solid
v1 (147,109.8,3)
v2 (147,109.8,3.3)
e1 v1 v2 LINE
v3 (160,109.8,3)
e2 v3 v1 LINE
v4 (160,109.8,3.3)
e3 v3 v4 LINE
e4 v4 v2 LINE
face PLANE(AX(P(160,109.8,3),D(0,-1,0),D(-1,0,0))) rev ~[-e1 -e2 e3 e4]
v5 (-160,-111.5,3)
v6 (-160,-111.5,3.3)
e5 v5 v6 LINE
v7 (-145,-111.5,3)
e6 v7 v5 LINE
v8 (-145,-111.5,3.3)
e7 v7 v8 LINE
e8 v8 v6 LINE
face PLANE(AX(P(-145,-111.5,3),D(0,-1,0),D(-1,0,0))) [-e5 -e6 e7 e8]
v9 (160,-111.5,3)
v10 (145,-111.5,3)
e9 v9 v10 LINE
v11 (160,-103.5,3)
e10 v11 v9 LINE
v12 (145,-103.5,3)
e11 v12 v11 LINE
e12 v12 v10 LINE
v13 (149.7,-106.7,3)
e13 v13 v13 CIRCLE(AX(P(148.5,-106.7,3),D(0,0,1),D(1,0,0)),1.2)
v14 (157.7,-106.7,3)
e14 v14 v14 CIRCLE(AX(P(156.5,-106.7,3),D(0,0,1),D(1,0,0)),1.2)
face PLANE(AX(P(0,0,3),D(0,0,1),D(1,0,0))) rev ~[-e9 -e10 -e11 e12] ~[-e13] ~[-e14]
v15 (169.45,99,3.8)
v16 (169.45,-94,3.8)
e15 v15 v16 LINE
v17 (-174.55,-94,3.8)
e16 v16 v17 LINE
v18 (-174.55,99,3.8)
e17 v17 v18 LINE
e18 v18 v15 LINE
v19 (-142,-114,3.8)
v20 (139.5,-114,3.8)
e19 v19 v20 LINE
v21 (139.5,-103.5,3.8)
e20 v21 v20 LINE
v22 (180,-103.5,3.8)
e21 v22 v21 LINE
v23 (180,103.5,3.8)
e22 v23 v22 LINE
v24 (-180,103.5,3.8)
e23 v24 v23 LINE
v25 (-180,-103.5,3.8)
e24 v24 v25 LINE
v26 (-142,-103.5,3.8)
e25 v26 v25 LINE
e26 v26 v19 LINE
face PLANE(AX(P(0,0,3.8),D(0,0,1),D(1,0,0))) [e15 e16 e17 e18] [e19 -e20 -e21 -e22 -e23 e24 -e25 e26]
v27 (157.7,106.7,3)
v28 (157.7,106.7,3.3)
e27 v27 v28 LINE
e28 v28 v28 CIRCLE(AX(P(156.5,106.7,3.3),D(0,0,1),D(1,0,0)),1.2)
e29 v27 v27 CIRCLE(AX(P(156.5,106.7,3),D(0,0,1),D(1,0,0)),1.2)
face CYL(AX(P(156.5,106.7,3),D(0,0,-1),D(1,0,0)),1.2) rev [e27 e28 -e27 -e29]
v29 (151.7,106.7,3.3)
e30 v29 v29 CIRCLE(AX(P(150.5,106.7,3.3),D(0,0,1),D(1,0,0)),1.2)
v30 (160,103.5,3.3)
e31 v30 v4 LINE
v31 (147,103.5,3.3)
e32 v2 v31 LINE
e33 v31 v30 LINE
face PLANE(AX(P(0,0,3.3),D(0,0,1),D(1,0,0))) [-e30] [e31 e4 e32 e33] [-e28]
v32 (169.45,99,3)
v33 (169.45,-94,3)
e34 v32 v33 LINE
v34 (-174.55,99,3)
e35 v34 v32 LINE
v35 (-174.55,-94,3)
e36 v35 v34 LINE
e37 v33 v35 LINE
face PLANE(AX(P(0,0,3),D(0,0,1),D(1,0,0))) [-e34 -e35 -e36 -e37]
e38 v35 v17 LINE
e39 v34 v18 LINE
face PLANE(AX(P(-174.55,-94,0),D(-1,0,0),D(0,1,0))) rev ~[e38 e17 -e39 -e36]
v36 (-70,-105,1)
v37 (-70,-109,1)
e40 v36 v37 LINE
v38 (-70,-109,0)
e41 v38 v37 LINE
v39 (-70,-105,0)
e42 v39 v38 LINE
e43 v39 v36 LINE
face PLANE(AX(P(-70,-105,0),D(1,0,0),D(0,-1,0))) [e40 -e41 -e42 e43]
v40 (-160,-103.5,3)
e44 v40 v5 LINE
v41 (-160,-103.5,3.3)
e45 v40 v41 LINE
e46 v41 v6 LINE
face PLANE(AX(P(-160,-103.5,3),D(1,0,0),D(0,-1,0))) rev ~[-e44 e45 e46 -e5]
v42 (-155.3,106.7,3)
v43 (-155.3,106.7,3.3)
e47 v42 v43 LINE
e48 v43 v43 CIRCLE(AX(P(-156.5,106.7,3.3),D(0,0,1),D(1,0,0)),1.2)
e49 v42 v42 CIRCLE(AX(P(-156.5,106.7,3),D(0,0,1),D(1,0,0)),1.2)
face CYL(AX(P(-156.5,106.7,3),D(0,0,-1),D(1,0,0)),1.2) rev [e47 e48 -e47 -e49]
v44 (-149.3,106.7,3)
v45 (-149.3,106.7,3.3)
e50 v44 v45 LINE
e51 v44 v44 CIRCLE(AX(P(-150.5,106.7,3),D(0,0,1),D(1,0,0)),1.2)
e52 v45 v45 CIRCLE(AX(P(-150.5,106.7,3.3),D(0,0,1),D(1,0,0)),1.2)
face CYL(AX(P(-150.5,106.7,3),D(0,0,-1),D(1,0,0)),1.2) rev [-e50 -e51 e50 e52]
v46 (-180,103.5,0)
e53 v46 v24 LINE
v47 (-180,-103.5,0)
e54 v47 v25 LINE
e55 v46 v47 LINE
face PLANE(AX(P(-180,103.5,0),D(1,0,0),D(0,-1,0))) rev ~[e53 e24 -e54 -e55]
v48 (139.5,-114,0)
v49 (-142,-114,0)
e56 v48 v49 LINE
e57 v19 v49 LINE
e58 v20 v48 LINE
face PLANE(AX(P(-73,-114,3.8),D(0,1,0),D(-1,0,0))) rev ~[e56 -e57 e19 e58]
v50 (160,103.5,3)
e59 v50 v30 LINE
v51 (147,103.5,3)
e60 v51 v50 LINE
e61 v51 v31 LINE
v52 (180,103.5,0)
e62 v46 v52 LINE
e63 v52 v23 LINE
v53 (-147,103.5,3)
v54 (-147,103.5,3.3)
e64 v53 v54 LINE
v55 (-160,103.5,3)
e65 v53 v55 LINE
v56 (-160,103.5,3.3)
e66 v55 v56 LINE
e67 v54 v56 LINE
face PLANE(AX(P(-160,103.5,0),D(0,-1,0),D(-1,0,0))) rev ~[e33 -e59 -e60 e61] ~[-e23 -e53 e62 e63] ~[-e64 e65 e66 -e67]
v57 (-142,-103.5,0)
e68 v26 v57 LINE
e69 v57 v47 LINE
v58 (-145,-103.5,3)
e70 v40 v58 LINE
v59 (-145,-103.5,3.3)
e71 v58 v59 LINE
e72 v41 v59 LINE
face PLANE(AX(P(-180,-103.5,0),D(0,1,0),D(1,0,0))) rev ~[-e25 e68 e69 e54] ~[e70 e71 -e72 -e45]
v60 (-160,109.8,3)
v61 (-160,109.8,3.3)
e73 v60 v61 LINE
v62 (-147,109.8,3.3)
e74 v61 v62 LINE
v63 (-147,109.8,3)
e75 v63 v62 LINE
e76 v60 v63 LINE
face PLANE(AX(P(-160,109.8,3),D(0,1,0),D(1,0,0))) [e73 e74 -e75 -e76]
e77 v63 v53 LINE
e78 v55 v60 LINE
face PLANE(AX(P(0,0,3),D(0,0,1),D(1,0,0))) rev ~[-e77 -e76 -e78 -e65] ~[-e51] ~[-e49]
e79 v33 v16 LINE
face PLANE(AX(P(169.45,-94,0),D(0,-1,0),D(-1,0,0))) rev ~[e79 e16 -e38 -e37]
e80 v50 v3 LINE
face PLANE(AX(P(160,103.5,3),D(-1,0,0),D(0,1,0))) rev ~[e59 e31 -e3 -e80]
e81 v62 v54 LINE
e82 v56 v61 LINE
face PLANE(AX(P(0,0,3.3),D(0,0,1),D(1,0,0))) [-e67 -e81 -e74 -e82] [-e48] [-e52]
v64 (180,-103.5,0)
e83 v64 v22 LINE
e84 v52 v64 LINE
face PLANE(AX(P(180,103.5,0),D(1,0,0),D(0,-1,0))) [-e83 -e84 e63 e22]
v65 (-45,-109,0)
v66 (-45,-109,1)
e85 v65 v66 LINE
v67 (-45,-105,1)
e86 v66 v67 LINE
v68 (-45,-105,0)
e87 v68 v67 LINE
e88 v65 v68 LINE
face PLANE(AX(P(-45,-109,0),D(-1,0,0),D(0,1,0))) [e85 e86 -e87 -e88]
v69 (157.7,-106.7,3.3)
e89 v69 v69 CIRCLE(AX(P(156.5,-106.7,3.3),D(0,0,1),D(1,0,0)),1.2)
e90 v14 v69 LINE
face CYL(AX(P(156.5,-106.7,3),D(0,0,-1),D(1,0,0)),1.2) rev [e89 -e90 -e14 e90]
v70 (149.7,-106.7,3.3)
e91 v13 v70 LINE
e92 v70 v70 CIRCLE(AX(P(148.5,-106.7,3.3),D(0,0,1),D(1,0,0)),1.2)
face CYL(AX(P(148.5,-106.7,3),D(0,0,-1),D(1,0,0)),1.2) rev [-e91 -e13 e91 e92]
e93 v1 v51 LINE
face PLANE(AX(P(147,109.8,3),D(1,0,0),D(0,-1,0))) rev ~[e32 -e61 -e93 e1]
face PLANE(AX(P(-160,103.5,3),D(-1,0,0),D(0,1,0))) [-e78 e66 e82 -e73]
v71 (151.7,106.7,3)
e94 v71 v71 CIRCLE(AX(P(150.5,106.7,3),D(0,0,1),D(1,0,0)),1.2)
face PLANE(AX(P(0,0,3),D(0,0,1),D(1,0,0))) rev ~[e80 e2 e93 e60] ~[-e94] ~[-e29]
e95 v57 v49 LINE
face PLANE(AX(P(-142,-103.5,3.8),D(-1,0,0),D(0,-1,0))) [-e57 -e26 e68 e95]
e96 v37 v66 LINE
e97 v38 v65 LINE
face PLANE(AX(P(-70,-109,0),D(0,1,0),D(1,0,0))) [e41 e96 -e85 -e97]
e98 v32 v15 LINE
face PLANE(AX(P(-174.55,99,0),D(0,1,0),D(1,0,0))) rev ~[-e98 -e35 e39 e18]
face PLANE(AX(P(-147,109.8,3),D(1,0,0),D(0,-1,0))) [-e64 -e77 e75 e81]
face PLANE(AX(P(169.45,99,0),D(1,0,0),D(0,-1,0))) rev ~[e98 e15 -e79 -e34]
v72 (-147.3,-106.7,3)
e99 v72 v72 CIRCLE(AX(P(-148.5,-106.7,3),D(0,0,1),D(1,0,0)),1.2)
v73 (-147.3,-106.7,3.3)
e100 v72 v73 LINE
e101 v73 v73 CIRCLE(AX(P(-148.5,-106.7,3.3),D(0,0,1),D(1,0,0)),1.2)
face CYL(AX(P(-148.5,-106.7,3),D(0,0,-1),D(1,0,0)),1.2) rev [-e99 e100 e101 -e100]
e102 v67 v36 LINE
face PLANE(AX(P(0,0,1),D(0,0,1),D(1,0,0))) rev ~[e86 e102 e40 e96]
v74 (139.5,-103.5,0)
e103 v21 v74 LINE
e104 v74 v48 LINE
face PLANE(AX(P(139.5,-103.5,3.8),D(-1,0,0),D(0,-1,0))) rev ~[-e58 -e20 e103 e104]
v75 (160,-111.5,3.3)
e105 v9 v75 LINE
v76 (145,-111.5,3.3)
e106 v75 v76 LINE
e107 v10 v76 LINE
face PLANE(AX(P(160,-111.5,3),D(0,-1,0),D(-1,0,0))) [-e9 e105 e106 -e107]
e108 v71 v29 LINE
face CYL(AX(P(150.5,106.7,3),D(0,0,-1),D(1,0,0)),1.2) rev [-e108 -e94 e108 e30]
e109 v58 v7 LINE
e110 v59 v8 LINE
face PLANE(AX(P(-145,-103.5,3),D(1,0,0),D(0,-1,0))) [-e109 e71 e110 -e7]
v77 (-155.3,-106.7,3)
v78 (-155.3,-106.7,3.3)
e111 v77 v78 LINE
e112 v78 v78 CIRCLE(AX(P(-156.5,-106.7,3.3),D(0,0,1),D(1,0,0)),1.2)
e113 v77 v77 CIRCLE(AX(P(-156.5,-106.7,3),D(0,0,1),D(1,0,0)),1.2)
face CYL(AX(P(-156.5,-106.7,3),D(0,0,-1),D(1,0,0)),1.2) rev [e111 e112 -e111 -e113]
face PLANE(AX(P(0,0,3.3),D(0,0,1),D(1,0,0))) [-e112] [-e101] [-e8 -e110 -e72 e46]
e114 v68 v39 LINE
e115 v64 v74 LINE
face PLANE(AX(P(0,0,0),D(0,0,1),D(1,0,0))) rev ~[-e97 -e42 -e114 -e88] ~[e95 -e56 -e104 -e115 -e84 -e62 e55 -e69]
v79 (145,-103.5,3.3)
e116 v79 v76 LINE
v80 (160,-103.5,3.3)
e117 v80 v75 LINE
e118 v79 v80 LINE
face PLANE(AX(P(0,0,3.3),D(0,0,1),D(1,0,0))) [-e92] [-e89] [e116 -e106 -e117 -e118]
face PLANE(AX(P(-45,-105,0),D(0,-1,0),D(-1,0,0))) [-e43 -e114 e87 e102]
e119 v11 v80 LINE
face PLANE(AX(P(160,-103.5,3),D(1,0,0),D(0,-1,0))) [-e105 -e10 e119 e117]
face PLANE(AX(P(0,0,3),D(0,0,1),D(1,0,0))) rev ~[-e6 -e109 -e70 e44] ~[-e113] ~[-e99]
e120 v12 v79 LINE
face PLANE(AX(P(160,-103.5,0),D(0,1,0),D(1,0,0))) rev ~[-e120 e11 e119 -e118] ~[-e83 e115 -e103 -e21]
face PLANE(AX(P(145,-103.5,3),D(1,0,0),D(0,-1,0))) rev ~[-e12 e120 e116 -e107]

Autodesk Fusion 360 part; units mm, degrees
sketch "Panel_Dims" plane through (0, 0, 0) normal (0, 0, 1) x (1, 0, 0)
  line L0 (-180, 103.5) -> (180, 103.5) construction
  line L1 (180, 103.5) -> (180, -103.5) construction
  line L2 (180, -103.5) -> (-180, -103.5) construction
  line L3 (-180, -103.5) -> (-180, 103.5) construction
  line L4 (0, 0) -> (0, 103.5) construction
  line L5 (0, 0) -> (-180, 0) construction
  line L6 (-160, -103.5) -> (-160, -111.5)
  line L7 (-145, -103.5) -> (-145, -111.5)
  line L8 (-145, -111.5) -> (-160, -111.5)
  line L9 (-142, -103.5) -> (-142, -114)
  line L10 (160, -103.5) -> (160, -111.5)
  line L11 (145, -103.5) -> (145, -111.5)
  line L12 (160, -111.5) -> (145, -111.5)
  line L13 (139.5, -103.5) -> (139.5, -114)
  line L14 (139.5, -114) -> (-142, -114)
  line L15 (-160, 103.5) -> (-160, 109.8)
  line L16 (-160, 109.8) -> (-147, 109.8)
  line L17 (-147, 109.8) -> (-147, 103.5)
  line L18 (160, 103.5) -> (160, 109.8)
  line L19 (160, 109.8) -> (147, 109.8)
  line L20 (147, 109.8) -> (147, 103.5)
  line L21 (-180, 103.5) -> (-180, -103.5)
  line L22 (-180, -103.5) -> (-160, -103.5)
  line L23 (-145, -103.5) -> (-142, -103.5)
  line L24 (145, -103.5) -> (139.5, -103.5)
  line L25 (160, -103.5) -> (180, -103.5)
  line L26 (180, 103.5) -> (180, -103.5)
  line L27 (-160, 103.5) -> (-180, 103.5)
  line L28 (-147, 103.5) -> (147, 103.5)
  line L29 (160, 103.5) -> (180, 103.5)
  line L30 (-142, -103.5) -> (139.5, -103.5)
  circle A0 centre (-156.5, -106.7) radius 1.2
  circle A1 centre (-148.5, -106.7) radius 1.2
  line L31 (-156.5, -106.7) -> (-148.5, -106.7) construction
  circle A2 centre (148.5, -106.7) radius 1.2
  line L32 (148.5, -106.7) -> (156.5, -106.7) construction
  circle A3 centre (156.5, -106.7) radius 1.2
  circle A4 centre (-156.5, 106.7) radius 1.2
  line L33 (-156.5, 106.7) -> (-150.5, 106.7) construction
  circle A5 centre (-150.5, 106.7) radius 1.2
  circle A6 centre (150.5, 106.7) radius 1.2
  line L34 (150.5, 106.7) -> (156.5, 106.7) construction
  circle A7 centre (156.5, 106.7) radius 1.2
  line L35 (-174.55, 99) -> (169.45, 99)
  line L36 (169.45, 99) -> (169.45, -94)
  line L37 (169.45, -94) -> (-174.55, -94)
  line L38 (-174.55, -94) -> (-174.55, 99)
  line L39 (145, -103.5) -> (160, -103.5)
  line L40 (147, 103.5) -> (160, 103.5)
  line L41 (-147, 103.5) -> (-160, 103.5)
  line L42 (-160, -103.5) -> (-145, -103.5)
  line L43 (-73, -103.5) -> (-43, -103.5)
  line L44 (-43, -103.5) -> (-43, -114)
  line L45 (-43, -114) -> (-73, -114)
  line L46 (-73, -114) -> (-73, -103.5)
  line L47 (-45, -105) -> (-70, -105)
  line L48 (-70, -105) -> (-70, -109)
  line L49 (-70, -109) -> (-45, -109)
  line L50 (-45, -109) -> (-45, -105)
  point P0 (-156.5, -106.7)
  dimension "panel_w" = 360
  dimension "panel_h" = 207
  dimension "ear_indent" = 20
  dimension "ear_bottom_w" = 15
  dimension "ear_bottom_h" = 8
  dimension "pcb_left_indent" = 38
  dimension "d37" = 20
  dimension "d40" = 8
  dimension "pcb_chin_h" = 10.5
  dimension "pcb_chin_w" = 281.5
  dimension "d45" = 20
  dimension "ear_top_h" = 6.3
  dimension "ear_top_w" = 13
  dimension "d48" = 20
  dimension "d49" = 6.3
  dimension "d50" = 13
  dimension "hole_dist_x" = 3.5
  dimension "hole_dia" = 2.4
  dimension "hole_dist_y" = 3.2
  dimension "d54" = 2.4
  dimension "hole_bottom_ipd" = 8
  dimension "d62" = 2.4
  dimension "d63" = 2.4
  dimension "d64" = 8
  dimension "d65" = 3.2
  dimension "d66" = 3.5
  dimension "d67" = 2.4
  dimension "d68" = 2.4
  dimension "hole_top_ipd" = 6
  dimension "d70" = 3.5
  dimension "d72" = 3.2
  dimension "d73" = 2.4
  dimension "d74" = 2.4
  dimension "d75" = 6
  dimension "d76" = 3.5
  dimension "d77" = 3.2
  dimension "bezel_left" = 5.45
  dimension "bezel_top" = 4.5
  dimension "active_w" = 344
  dimension "active_h" = 193
  dimension "d98" = 30
  dimension "d99" = 10.5
  dimension "d100" = 137
  dimension "d101" = 25
  dimension "d102" = 4
  dimension "d103" = 5
  dimension "d104" = 2
extrude "Extrude2" add sketch "Panel_Dims" against normal blind 3.8 from surface at 3.8 contours L9 L14 L30 L46 | L14 L30 L43 L44 L45 L46 | L13 L14 L30 L44 | L47 L48 L49 L50 makes body 1
extrude "Extrude4" add sketch "Panel_Dims" along normal blind 3 separate body contours L35 L36 L37 L38 makes body 2
extrude "Extrude5" add sketch "Panel_Dims" along normal blind 3.8 contours L21 L22 L23 L24 L25 L26 L27 L28 L29 L30 L39 L40 L41 L42 L43 bodies 1 2
extrude "Extrude6" add sketch "Panel_Dims" along normal blind 0.3 from surface at 3 contours L6 L7 L8 L42 | L15 L16 L17 L41 | L18 L19 L20 L40 | L10 L11 L12 L39 bodies 1
extrude "Extrude7" cut sketch "Panel_Dims" along normal blind 1 contours L47 L48 L49 L50 bodies 1
equation "d37 = ear_indent"
equation "d40 = ear_bottom_h"
equation "d45 = ear_indent"
equation "d48 = ear_indent"
equation "d49 = ear_top_h"
equation "d50 = ear_top_w"
equation "d54 = hole_dia"
equation "d62 = hole_dia"
equation "d63 = hole_dia"
equation "d64 = hole_bottom_ipd"
equation "d65 = hole_dist_y"
equation "d66 = hole_dist_x"
equation "d67 = hole_dia"
equation "d68 = hole_dia"
equation "d70 = hole_dist_x"
equation "d72 = hole_dist_y"
equation "d73 = hole_dia"
equation "d74 = hole_dia"
equation "d75 = hole_top_ipd"
equation "d76 = hole_dist_x"
equation "d77 = hole_dist_y"
equation "pcb_thickness = -3,8 mm"
equation "screen_thicc = panel_thicc - 0,8 mm"
equation "panel_thicc = 3,8 mm"
equation "d94 = screen_thicc"
equation "d97 = panel_thicc"
